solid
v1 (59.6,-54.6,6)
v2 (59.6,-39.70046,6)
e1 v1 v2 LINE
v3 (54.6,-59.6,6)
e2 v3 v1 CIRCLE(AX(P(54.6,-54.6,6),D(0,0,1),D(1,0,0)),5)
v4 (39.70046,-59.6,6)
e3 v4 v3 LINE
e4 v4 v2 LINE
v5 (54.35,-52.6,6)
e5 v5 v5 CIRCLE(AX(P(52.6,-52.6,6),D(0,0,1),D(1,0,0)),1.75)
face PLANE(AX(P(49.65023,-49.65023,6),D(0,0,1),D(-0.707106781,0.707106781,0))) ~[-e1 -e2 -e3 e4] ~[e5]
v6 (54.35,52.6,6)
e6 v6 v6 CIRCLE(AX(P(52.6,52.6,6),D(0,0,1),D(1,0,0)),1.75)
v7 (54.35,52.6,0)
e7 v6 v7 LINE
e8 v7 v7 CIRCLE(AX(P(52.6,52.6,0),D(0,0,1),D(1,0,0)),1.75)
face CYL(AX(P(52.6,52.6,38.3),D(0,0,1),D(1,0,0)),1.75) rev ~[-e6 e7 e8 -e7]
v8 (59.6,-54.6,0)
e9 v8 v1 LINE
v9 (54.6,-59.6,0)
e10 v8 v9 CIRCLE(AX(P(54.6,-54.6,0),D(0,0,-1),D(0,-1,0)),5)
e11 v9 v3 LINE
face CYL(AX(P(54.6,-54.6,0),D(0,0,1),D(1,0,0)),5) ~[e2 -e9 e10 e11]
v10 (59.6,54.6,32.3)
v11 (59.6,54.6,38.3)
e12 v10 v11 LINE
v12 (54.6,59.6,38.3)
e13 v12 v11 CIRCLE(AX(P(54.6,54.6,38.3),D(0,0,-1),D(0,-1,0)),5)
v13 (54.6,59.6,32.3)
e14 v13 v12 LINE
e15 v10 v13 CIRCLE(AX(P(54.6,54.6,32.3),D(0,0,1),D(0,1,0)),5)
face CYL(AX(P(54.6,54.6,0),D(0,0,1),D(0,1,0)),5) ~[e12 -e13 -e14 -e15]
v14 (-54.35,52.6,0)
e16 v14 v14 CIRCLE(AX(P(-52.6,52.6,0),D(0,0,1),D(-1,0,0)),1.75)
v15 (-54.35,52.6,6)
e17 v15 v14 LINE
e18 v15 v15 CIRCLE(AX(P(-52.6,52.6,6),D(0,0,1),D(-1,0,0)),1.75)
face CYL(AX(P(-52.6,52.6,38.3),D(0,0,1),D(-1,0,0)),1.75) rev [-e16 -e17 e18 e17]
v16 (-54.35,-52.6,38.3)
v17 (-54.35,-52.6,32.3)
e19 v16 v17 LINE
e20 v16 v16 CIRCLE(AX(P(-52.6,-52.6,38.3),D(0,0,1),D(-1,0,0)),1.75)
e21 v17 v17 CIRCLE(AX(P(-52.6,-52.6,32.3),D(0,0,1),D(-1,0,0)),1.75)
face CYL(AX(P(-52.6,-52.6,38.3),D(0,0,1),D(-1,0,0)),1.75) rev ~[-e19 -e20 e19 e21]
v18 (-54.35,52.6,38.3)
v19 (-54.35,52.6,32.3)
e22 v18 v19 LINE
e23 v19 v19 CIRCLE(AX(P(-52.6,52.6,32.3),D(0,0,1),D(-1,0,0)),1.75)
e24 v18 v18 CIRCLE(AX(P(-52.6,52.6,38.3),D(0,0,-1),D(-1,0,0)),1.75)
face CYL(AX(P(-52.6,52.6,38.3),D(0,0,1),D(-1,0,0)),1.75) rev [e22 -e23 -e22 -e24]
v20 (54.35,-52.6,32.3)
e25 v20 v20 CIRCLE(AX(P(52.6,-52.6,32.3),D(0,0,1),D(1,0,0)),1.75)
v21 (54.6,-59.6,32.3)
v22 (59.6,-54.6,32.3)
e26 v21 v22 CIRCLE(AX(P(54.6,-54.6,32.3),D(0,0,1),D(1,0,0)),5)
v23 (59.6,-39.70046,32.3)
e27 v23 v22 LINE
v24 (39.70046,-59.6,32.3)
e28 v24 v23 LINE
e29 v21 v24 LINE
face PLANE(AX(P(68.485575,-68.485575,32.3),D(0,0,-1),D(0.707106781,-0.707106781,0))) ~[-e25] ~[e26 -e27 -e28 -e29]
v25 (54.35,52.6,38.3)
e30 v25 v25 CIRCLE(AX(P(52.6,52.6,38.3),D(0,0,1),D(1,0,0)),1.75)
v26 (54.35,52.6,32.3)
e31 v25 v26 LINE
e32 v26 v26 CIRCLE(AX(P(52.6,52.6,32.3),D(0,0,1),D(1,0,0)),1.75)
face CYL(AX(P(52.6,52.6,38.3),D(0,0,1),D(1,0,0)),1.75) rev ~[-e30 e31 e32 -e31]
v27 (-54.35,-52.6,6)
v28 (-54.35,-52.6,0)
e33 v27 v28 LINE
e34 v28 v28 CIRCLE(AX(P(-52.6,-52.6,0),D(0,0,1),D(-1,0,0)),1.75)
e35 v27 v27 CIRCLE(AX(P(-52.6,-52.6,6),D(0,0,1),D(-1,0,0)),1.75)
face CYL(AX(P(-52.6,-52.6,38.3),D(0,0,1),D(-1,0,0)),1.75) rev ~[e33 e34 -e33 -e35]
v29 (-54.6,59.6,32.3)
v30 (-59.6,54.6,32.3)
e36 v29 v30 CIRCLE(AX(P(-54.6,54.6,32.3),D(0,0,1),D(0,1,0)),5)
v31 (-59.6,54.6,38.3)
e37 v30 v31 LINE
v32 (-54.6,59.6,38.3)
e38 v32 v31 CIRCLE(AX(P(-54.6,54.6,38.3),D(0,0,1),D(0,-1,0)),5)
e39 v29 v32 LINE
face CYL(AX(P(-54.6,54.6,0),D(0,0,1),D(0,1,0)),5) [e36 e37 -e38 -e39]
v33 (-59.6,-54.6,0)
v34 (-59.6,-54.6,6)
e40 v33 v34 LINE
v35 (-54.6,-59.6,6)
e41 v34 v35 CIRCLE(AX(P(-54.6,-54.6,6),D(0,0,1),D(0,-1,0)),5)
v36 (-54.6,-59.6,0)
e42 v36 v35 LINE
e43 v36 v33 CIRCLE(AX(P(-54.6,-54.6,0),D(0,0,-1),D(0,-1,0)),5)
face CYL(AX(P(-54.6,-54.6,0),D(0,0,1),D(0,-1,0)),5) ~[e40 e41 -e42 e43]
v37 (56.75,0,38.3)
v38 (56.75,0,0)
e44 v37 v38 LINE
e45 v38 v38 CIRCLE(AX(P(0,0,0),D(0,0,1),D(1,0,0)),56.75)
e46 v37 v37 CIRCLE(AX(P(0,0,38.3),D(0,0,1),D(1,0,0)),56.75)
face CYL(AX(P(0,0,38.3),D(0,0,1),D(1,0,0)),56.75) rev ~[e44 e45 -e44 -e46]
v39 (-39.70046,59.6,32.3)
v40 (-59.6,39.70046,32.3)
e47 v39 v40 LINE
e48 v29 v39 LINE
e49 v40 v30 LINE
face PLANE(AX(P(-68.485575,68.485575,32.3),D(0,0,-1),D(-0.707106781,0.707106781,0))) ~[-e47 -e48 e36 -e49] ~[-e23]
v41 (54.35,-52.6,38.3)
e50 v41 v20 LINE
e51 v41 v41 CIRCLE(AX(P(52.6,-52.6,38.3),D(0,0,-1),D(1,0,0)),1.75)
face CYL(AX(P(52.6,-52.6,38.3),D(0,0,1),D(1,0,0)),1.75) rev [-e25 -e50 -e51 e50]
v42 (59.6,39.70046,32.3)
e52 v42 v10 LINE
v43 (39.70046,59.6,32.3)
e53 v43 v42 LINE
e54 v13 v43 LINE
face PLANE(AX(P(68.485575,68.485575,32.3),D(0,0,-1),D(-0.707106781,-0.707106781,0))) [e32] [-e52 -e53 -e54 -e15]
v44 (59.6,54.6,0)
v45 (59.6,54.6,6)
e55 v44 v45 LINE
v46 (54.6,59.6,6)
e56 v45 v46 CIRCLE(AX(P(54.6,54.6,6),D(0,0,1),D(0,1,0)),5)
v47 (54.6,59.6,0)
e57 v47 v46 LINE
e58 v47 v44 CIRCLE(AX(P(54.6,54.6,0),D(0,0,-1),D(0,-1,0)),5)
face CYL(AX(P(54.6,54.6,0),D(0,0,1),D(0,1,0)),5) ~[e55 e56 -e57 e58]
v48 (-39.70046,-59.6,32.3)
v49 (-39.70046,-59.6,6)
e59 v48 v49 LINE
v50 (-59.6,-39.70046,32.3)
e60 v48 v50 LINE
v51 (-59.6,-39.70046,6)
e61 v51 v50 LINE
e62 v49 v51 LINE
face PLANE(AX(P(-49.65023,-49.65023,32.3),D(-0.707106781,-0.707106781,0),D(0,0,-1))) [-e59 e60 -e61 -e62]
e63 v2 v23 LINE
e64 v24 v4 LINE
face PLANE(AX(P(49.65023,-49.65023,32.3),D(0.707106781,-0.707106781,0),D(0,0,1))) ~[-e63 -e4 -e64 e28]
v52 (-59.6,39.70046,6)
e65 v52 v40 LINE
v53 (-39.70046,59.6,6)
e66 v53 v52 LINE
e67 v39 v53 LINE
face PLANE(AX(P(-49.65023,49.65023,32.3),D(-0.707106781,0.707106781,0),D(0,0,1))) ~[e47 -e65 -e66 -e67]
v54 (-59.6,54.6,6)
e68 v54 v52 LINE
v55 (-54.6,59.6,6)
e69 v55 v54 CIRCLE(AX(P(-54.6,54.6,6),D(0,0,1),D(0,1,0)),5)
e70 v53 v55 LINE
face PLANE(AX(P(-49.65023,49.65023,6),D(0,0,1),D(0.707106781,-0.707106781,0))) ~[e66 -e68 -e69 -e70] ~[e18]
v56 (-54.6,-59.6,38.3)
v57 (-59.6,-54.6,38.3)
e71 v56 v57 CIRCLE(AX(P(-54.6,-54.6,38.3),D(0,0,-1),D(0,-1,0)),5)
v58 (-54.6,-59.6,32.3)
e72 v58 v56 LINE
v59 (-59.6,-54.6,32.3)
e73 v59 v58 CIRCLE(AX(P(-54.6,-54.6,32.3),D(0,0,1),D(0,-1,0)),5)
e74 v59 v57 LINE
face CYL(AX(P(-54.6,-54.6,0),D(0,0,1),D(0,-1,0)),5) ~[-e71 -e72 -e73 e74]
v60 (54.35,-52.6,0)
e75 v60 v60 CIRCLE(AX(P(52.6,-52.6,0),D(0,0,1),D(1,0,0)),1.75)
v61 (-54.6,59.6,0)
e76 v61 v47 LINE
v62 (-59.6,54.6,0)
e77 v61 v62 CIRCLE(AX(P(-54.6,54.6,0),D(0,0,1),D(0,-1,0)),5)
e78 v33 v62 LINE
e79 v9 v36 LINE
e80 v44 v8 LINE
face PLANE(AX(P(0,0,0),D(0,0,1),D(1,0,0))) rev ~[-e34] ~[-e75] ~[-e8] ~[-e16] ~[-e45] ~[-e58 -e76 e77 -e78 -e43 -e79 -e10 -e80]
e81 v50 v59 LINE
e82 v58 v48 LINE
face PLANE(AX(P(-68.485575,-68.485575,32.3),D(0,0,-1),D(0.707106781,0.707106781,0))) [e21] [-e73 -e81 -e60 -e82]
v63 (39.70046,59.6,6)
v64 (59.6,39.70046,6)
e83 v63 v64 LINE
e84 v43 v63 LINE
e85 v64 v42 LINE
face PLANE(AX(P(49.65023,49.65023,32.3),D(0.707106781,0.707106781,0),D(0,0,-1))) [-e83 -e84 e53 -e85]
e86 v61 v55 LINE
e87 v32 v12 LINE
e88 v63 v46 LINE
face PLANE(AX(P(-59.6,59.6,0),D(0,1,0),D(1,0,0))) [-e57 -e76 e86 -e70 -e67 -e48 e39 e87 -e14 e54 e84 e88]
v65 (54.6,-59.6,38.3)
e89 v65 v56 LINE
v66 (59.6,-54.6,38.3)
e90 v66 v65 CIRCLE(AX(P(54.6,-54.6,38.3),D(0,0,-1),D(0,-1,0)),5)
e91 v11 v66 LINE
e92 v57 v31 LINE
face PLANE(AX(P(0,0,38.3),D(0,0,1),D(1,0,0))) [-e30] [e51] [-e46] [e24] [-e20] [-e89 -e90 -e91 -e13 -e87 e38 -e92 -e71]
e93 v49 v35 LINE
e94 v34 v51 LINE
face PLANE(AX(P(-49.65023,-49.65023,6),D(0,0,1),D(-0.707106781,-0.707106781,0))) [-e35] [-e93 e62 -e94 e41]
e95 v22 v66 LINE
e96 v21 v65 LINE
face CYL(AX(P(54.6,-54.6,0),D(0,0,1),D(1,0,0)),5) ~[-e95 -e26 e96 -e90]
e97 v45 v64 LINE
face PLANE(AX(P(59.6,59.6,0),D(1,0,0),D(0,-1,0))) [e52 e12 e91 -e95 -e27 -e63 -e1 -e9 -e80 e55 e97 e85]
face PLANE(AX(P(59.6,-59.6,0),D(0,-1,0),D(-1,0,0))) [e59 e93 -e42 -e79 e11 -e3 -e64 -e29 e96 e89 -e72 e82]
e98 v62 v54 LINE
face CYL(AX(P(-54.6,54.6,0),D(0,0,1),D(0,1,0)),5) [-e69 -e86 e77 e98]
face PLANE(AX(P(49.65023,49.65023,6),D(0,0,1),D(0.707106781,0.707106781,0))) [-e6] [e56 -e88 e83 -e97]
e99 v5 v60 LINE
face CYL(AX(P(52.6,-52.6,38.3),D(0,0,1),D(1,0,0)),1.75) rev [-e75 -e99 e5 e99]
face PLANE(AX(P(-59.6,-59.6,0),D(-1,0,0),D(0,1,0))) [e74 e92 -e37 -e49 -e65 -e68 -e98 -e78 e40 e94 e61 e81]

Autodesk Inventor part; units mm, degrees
ref_plane "YZ Plane" through (0, 0, 0) normal (1, 0, 0) x (0, 1, 0)
ref_plane "XZ Plane" through (0, 0, 0) normal (0, 1, 0) x (-1, 0, 0)
sketch "Sketch1" plane through (0, 0, 0) normal (0, 0, 1) x (1, 0, 0)
  line L0 (-59.6, 59.6) -> (59.6, 59.6)
  line L1 (59.6, 59.6) -> (59.6, -59.6)
  line L2 (59.6, -59.6) -> (-59.6, -59.6)
  line L3 (-59.6, -59.6) -> (-59.6, 59.6)
  point P0 (0, 0)
  point P1 (59.6, 0)
  point P2 (0, 59.6)
  dimension "d0" = 119.2
extrude "Extrusion1" add sketch "Sketch1" along normal blind 38.3
fillet "Fillet1" radius 5 4 edges at (-59.6, 59.6, 19.15) (59.6, 59.6, 19.15) (59.6, -59.6, 19.15) (-59.6, -59.6, 19.15)
sketch "Sketch2" plane through (0, 0, 38.3) normal (0, 0, 1) x (1, 0, 0)
  circle A0 centre (52.6, 52.6) radius 1.75
  line L0 (54.6, 59.6) -> (-54.6, 59.6) projected
  line L1 (59.6, -54.6) -> (59.6, 54.6) projected
  point P0 (0, 0)
  dimension "d4" = 7
  dimension "d5" = 7
  dimension "d6" = 3.5
extrude "Extrusion2" cut sketch "Sketch2" against normal through all
mirror "Mirror1" about plane through (0, 0, 0) normal (1, 0, 0) of "Extrusion2"
mirror "Mirror2" about plane through (0, 0, 0) normal (0, 1, 0) of "Extrusion2", "Mirror1"
ref_plane "Work Plane1" through (59.6, 59.6, 0) normal (0.7071, -0.7071, 0) x (0, 0, -1)
sketch "Sketch3" plane through (59.6, 59.6, 0) normal (0.7071, -0.7071, 0) x (0, 0, -1)
  line L0 (-32.3, -14.0711) -> (-6, -14.0711)
  line L1 (-6, -14.0711) -> (-6, 12.5661)
  line L2 (-6, 12.5661) -> (-32.3, 12.5661)
  line L3 (-32.3, 12.5661) -> (-32.3, -14.0711)
  line L4 (-38.3, -3.5355) -> (-38.3, -2.0711) projected
  line L5 (0, -2.0711) -> (-38.3, -2.0711) construction
  line L6 (-38.3, -3.5355) -> (-38.3, -80.7516) projected
  line L7 (0, -3.5355) -> (0, -80.7516) projected
  point P0 (0, -84.2871)
  dimension "d9" = 12
  dimension "d10" = 6
  dimension "d11" = 6
extrude "Extrusion3" cut sketch "Sketch3" along normal through all both and the other way through all
mirror "Mirror3" about plane through (0, 0, 0) normal (1, 0, 0) of "Extrusion3"
mirror "Mirror4" about plane through (0, 0, 0) normal (0, 1, 0) of "Extrusion3", "Mirror3"
sketch "Sketch4" plane through (0, 0, 38.3) normal (0, 0, 1) x (1, 0, 0)
  circle A0 centre (0, 0) radius 56.75
  dimension "d14" = 113.5
extrude "Extrusion4" cut sketch "Sketch4" against normal through all
properties part number "AC-fan-case"
